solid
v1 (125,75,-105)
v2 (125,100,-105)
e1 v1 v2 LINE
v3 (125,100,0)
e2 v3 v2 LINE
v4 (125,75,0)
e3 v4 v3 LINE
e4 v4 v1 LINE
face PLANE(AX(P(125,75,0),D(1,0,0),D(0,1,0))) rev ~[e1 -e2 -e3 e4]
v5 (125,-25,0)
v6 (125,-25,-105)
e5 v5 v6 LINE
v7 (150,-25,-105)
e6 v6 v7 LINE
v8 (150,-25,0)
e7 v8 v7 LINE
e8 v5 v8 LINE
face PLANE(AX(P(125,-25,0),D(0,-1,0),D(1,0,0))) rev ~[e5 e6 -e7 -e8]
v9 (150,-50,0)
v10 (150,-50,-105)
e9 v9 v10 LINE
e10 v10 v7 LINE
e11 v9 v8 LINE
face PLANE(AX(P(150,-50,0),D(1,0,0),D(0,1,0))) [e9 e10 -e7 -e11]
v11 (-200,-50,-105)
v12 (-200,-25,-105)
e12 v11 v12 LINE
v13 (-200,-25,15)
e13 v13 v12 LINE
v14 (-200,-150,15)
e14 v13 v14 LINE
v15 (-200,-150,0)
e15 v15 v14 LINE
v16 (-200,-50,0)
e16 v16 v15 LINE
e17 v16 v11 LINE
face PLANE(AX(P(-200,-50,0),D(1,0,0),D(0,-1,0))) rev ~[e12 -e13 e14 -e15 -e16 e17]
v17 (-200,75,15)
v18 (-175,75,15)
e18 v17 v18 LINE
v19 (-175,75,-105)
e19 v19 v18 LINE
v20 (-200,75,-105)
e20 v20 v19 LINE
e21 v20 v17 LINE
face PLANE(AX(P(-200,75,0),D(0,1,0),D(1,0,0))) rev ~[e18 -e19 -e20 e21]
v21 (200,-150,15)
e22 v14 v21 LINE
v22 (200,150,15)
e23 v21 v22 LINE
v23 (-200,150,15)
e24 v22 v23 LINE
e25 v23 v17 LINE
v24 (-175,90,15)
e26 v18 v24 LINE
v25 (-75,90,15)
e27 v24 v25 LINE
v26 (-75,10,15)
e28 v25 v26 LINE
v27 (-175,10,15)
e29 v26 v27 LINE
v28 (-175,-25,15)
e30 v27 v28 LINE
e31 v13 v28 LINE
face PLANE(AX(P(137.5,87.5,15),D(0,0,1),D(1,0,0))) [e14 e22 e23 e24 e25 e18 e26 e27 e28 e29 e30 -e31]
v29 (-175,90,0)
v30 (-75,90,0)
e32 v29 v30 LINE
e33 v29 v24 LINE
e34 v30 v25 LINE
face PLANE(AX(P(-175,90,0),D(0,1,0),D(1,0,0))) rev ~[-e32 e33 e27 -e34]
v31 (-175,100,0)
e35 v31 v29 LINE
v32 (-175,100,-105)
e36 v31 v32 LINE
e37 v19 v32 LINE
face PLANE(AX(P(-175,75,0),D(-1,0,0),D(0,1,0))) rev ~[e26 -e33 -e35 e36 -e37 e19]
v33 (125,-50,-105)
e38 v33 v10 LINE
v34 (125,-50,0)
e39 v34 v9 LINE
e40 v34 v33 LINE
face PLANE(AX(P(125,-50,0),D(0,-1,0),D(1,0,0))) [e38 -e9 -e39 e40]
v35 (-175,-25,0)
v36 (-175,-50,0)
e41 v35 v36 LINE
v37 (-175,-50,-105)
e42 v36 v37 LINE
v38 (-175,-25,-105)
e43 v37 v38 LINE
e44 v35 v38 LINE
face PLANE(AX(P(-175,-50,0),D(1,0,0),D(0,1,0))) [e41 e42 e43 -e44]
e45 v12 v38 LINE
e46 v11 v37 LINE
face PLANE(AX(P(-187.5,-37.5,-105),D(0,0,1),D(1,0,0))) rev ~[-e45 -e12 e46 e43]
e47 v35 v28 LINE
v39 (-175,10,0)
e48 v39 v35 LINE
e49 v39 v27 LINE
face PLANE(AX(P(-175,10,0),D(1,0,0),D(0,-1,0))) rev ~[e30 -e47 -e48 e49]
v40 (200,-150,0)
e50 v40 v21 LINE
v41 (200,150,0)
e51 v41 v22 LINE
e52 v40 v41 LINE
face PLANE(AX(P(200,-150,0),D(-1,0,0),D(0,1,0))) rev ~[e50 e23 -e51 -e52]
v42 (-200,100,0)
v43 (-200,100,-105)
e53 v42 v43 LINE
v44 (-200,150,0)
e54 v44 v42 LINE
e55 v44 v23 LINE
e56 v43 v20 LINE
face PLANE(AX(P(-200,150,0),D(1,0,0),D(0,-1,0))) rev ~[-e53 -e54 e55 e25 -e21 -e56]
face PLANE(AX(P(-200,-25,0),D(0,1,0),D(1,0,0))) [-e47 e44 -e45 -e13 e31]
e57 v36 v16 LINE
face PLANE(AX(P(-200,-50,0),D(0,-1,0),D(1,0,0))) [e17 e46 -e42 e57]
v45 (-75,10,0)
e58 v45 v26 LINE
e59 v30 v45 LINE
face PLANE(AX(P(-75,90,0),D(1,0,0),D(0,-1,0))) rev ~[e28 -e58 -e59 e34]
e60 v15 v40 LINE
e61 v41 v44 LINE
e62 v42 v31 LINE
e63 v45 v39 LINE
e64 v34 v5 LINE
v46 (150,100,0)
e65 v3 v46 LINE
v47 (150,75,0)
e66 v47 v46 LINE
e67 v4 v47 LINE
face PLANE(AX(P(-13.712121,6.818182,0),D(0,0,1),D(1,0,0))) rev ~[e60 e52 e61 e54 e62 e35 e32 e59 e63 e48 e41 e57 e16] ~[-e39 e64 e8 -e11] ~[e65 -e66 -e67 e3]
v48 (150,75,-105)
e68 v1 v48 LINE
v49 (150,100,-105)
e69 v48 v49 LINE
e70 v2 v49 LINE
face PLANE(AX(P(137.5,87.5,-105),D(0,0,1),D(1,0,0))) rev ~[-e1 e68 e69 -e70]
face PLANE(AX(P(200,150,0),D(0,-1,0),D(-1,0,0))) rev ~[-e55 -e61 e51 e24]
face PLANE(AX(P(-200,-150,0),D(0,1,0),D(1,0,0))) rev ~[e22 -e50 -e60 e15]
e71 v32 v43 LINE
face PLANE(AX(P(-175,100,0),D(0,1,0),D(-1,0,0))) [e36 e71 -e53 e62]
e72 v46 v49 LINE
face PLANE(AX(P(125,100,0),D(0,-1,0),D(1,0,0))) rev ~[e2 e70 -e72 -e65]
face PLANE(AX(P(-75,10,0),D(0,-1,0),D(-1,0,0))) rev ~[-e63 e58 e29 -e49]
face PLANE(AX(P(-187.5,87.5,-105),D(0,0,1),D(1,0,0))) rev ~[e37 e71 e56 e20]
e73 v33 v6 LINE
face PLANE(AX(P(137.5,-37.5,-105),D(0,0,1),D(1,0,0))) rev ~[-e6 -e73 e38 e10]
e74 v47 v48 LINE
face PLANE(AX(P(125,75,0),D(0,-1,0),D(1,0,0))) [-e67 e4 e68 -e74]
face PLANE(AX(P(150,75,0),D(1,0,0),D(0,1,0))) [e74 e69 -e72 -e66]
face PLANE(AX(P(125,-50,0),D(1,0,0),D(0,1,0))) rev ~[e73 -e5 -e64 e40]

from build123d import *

# Parameters (mm, degrees)
F0_W     = 25
F0_H     = 25
F1_DEPTH = 15
F2_DEPTH = 105
F3_DEPTH = 15


with BuildPart() as f1:
    # F0 (on Top) → F1 (new body)
    with BuildSketch(Plane.XY):
        Polygon((200, 150), (-200, 150), (-200, 100), (-175, 100), (-175, 90), (-160, 90), (-75, 90), (-75, 10), (-160, 10), (-175, 10), (-175, -25), (-175, -50), (-200, -50), (-200, -150), (200, -150), align=None)
        with Locations((137.5, -37.5)):
            Rectangle(F0_W, F0_H, mode=Mode.SUBTRACT)
        with Locations((137.5, 87.5)):
            Rectangle(F0_W, F0_H, mode=Mode.SUBTRACT)
    extrude(amount=F1_DEPTH)

    # F0 (on Top) → F2 (join)
    with BuildSketch(Plane.XY):
        Polygon((-175, 100), (-200, 100), (-200, 75), (-175, 75), (-175, 90), align=None)
        with Locations((-187.5, -37.5)):
            Rectangle(F0_W, F0_H)
        with Locations((137.5, -37.5)):
            Rectangle(F0_W, F0_H)
        with Locations((137.5, 87.5)):
            Rectangle(F0_W, F0_H)
    extrude(amount=-F2_DEPTH)

    # F0 (on Top) → F3 (join)
    with BuildSketch(Plane.XY):
        with Locations((137.5, 87.5)):
            Rectangle(F0_W, F0_H)
        with Locations((137.5, -37.5)):
            Rectangle(F0_W, F0_H)
        with Locations((-187.5, -37.5)):
            Rectangle(F0_W, F0_H)
        Polygon((-175, 100), (-200, 100), (-200, 75), (-175, 75), (-175, 90), align=None)
    extrude(amount=F3_DEPTH)


solid = f1.part
